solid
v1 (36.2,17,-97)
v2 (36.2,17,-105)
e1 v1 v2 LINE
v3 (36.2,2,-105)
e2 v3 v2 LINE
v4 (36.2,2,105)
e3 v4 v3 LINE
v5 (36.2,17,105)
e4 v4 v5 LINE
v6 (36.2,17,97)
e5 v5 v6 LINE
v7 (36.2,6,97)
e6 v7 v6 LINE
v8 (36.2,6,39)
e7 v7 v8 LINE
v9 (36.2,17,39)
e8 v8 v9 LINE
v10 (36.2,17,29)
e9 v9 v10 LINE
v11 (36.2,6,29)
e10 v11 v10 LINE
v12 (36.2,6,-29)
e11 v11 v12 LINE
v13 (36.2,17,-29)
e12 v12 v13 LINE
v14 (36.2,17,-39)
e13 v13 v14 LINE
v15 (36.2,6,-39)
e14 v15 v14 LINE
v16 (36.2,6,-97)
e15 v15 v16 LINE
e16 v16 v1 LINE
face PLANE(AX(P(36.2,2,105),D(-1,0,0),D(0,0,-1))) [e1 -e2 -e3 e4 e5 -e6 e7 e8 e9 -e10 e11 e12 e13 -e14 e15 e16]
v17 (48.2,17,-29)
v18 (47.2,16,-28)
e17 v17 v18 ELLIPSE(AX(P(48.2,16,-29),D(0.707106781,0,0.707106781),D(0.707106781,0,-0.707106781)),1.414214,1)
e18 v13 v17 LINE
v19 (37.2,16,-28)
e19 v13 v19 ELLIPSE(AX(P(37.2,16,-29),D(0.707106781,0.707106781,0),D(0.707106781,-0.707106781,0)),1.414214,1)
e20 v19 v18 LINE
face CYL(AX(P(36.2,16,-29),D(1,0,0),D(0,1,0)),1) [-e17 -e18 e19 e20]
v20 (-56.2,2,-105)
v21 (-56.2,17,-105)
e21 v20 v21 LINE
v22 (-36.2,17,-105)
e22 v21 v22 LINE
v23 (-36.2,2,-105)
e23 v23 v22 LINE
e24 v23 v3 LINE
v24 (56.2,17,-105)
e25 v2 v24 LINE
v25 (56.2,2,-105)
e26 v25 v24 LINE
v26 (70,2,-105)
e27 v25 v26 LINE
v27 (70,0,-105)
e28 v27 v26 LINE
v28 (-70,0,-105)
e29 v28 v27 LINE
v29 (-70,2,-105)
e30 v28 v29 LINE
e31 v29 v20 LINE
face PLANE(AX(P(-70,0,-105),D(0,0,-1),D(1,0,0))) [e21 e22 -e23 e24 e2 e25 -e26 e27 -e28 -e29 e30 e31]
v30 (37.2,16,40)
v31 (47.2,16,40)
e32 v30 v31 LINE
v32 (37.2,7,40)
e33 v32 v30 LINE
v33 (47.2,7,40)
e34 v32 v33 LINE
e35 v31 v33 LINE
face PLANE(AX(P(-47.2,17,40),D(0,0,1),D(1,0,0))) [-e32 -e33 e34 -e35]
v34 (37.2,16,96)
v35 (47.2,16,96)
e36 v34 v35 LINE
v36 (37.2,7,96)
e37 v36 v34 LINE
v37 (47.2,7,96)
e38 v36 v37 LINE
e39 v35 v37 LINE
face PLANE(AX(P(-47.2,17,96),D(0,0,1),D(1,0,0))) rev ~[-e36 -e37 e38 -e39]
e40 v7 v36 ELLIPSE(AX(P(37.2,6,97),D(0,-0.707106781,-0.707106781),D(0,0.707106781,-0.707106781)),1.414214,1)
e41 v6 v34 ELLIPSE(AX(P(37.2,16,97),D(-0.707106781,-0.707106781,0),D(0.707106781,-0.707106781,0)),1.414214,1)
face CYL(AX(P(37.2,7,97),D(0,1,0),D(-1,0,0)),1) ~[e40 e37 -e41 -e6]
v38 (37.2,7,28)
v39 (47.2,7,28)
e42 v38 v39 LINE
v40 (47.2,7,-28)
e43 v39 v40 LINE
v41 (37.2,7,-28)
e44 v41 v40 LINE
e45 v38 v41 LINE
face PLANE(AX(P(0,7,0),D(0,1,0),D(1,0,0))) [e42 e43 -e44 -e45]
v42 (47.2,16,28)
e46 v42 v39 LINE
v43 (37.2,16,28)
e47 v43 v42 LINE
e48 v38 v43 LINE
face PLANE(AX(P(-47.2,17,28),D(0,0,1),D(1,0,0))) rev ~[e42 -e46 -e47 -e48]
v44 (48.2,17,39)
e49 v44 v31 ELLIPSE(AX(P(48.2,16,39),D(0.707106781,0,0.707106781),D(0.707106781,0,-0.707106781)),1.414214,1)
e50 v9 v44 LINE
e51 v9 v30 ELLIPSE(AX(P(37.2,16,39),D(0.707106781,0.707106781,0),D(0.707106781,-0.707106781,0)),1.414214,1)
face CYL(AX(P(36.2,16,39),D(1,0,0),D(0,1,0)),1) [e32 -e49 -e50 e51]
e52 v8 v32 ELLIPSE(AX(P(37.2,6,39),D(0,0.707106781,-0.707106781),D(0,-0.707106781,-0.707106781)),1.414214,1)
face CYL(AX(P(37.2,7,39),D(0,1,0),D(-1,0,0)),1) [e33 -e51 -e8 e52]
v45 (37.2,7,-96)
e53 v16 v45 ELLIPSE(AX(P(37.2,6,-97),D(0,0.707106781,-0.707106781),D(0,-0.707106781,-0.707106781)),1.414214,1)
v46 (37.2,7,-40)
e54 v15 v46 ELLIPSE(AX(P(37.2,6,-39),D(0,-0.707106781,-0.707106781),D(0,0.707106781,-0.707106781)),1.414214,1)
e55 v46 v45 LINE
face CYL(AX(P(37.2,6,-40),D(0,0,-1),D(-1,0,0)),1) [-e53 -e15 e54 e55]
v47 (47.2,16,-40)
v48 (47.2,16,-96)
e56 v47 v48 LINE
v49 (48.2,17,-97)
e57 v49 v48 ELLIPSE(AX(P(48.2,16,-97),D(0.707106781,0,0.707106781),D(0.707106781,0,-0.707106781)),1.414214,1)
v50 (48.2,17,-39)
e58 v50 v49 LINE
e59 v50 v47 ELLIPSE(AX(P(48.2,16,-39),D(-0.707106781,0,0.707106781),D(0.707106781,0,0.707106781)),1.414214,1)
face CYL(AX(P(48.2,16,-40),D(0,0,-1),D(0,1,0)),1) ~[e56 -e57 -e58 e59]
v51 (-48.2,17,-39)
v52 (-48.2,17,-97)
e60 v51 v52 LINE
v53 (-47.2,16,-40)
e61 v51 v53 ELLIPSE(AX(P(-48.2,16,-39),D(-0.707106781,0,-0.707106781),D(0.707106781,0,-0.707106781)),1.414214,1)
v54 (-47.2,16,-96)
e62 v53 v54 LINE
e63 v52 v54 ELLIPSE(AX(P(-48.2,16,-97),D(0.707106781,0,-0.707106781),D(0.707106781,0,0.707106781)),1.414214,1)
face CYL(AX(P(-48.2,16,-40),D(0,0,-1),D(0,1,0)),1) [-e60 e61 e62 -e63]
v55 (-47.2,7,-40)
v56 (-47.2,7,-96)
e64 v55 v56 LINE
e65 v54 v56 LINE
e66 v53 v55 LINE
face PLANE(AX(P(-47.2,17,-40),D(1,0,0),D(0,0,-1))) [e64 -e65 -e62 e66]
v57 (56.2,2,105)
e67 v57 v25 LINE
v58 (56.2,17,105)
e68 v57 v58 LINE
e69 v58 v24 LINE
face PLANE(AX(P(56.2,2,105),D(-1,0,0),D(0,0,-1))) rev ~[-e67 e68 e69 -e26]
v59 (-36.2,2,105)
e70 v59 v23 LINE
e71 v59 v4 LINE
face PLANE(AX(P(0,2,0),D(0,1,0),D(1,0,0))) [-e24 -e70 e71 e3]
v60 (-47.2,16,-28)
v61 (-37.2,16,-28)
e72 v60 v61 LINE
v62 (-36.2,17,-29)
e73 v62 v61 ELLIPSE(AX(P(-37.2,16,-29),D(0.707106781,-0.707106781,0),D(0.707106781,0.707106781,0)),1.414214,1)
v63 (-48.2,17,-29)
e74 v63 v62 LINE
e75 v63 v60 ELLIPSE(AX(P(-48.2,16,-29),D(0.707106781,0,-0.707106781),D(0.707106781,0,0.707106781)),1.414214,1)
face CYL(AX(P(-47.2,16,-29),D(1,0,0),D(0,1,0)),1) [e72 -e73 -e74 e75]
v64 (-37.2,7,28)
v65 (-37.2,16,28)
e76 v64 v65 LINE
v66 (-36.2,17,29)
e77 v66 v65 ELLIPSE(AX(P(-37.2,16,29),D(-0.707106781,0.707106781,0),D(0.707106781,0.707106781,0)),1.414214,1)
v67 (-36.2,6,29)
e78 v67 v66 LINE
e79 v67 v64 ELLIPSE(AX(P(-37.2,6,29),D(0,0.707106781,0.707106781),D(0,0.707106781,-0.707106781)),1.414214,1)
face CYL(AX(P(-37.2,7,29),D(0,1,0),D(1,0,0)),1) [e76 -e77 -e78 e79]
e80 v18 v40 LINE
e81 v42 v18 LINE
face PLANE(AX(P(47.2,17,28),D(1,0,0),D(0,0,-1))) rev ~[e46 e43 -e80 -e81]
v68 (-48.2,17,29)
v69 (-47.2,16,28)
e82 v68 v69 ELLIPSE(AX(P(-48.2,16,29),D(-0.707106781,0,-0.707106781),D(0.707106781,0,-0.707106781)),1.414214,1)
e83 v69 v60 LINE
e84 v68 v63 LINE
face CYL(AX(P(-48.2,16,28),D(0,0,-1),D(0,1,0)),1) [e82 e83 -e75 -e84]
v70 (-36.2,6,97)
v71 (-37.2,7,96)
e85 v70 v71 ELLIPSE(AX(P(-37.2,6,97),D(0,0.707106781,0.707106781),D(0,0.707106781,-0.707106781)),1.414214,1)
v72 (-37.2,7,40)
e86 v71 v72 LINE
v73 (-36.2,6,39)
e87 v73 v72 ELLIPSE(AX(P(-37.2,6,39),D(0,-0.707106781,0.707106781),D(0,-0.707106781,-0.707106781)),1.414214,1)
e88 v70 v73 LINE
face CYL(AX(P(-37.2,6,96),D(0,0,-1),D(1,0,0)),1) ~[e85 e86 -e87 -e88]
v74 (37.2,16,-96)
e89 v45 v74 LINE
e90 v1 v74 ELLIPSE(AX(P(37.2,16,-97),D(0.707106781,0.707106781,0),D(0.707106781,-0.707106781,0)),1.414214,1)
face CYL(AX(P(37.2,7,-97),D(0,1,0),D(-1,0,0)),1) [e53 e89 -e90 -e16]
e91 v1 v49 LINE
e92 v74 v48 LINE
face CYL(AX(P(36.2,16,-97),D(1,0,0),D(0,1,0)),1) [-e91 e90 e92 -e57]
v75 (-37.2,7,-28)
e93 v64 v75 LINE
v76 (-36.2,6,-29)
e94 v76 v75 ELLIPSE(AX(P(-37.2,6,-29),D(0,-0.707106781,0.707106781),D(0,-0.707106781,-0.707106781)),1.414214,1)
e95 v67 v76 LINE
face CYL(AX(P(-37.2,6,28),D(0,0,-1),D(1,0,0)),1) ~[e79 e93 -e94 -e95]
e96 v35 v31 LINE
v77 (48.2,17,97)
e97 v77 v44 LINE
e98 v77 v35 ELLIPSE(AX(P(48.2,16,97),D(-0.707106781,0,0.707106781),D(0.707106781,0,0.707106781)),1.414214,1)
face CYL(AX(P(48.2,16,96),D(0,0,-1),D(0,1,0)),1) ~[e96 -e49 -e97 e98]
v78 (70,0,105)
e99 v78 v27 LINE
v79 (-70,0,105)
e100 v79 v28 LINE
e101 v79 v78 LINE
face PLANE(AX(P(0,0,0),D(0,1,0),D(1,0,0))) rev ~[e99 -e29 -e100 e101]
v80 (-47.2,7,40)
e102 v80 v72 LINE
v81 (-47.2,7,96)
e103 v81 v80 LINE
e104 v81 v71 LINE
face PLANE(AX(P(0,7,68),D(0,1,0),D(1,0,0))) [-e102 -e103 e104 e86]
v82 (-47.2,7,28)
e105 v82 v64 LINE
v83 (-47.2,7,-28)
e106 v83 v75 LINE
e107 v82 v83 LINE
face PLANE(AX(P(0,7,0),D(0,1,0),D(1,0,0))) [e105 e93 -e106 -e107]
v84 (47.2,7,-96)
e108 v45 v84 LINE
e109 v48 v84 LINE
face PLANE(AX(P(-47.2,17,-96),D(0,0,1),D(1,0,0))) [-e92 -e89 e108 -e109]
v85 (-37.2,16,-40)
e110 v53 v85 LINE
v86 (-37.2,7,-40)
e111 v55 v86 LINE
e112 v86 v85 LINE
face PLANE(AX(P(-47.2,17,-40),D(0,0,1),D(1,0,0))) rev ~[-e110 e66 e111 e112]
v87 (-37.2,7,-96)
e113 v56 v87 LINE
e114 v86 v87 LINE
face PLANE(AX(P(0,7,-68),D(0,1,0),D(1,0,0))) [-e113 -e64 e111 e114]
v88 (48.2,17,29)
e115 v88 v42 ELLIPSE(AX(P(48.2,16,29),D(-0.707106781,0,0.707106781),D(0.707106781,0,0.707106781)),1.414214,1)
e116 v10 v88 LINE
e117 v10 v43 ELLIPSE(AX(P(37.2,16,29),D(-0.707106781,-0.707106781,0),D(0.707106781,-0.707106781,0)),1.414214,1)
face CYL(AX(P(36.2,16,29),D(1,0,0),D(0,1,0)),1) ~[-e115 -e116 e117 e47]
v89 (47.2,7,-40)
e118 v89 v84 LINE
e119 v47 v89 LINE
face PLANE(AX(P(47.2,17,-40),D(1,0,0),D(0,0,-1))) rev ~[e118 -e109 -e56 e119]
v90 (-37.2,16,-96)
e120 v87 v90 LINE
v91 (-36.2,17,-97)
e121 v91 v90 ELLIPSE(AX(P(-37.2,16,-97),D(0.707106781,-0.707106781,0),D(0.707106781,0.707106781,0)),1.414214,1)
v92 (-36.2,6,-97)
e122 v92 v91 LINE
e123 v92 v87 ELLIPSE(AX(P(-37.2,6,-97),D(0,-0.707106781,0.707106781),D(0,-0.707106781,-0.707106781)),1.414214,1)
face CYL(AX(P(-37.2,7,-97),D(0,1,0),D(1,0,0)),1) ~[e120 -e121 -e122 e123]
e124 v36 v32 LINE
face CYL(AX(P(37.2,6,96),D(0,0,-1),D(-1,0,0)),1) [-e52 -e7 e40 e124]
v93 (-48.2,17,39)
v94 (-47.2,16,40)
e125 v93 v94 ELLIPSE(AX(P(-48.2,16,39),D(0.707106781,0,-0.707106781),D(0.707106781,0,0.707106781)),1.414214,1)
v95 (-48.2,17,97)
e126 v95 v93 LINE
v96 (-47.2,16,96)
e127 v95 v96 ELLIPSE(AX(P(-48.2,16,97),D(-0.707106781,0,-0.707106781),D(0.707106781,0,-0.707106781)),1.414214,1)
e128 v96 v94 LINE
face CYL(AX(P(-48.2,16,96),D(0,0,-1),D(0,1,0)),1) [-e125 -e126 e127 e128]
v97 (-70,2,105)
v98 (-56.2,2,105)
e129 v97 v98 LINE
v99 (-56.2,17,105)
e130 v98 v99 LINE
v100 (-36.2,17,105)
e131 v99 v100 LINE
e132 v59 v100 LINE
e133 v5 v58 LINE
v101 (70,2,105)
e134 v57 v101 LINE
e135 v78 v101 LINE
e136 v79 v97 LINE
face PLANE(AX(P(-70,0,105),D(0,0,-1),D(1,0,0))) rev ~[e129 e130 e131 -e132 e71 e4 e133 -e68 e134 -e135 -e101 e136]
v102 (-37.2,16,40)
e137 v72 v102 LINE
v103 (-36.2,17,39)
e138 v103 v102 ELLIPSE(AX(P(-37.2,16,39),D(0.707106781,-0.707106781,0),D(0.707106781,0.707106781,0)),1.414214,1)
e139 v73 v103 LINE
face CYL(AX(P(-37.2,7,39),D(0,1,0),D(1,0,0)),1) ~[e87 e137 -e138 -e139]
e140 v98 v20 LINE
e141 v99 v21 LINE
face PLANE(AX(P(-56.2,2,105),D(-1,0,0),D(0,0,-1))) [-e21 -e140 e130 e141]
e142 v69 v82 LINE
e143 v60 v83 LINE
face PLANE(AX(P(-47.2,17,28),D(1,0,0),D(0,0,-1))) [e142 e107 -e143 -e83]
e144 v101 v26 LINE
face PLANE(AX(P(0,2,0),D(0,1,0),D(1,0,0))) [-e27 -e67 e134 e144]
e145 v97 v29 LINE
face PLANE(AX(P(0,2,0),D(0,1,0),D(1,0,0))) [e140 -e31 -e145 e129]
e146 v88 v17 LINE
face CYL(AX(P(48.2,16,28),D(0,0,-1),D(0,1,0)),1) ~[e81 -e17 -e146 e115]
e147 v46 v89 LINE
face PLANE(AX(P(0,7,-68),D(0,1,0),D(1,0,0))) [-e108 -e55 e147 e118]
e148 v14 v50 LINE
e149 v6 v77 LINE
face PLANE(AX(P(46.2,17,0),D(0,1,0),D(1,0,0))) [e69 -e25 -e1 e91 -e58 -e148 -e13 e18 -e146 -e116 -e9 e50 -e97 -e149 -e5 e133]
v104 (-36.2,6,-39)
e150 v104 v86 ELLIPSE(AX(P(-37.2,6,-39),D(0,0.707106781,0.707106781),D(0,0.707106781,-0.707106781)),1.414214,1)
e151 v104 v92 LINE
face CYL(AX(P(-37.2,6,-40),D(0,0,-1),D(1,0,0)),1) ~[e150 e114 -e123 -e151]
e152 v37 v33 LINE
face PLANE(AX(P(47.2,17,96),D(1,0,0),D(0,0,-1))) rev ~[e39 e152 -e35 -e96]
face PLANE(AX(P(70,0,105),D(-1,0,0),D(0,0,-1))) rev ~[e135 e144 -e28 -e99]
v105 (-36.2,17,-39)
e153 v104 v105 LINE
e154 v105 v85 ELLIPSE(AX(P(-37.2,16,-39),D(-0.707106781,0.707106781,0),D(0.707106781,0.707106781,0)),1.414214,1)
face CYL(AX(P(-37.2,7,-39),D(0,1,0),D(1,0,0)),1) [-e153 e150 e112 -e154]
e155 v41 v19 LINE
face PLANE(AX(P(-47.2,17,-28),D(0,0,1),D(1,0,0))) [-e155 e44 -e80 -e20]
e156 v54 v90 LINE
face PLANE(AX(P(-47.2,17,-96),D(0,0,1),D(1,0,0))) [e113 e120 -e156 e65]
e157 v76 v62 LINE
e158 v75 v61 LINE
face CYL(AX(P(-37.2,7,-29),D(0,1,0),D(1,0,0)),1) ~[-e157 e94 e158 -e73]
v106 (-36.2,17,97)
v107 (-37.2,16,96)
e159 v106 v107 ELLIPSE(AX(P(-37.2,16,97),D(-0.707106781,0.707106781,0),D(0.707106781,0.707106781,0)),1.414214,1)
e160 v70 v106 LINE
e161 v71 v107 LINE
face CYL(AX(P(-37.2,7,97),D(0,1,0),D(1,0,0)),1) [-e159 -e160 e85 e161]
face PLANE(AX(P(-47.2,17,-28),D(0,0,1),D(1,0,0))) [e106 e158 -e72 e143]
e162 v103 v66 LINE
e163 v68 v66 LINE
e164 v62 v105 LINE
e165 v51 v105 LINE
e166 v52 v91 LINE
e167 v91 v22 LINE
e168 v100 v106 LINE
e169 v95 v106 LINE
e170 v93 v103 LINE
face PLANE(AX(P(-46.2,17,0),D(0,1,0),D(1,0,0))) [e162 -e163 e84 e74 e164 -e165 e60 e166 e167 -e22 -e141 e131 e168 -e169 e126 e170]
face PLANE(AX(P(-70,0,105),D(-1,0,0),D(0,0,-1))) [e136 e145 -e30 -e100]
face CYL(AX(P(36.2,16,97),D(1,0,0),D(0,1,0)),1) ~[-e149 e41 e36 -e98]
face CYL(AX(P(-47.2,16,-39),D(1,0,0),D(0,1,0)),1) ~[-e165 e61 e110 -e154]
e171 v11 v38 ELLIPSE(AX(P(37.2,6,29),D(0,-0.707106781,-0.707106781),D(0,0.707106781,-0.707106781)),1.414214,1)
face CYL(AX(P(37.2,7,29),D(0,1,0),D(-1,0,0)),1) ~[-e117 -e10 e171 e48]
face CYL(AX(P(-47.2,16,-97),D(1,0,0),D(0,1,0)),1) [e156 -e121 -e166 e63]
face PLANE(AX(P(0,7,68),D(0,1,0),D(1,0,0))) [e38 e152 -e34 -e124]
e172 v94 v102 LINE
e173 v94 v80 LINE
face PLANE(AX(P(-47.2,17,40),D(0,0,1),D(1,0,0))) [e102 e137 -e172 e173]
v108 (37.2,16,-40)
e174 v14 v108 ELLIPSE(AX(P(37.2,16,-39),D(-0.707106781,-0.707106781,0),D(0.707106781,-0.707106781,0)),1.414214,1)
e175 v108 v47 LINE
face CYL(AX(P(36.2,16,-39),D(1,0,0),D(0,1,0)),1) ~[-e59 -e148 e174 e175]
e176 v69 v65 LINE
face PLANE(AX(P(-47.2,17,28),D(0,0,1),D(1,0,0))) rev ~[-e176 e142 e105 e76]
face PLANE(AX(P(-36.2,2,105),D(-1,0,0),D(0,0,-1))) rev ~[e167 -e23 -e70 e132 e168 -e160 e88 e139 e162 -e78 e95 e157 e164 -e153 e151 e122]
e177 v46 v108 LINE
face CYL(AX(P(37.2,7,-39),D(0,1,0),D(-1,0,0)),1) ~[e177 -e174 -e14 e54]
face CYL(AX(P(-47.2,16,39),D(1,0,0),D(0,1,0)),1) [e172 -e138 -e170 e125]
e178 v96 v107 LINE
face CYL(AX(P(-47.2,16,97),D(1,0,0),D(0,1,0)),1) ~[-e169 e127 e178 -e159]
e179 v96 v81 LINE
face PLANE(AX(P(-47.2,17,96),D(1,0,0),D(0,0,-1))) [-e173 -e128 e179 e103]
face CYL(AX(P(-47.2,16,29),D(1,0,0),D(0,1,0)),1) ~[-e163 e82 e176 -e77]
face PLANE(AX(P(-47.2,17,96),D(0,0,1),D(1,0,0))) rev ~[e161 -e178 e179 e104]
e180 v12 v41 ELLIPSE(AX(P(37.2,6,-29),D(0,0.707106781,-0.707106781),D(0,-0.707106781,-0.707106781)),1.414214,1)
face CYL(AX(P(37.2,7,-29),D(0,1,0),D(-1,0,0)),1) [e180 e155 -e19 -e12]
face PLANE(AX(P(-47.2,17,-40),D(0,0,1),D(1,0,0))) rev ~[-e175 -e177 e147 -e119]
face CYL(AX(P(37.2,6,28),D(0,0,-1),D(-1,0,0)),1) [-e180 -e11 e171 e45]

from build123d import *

# Parameters (mm, degrees)
SKIZZE1_W                       = 140
SKIZZE1_H                       = 210
AUFSATZ_LINEAR_AUSTRAGEN1_DEPTH = 2
SKIZZE2_W                       = 20
SKIZZE2_H                       = 210
AUFSATZ_LINEAR_AUSTRAGEN2_DEPTH = 15
SKIZZE3_W                       = 94.4
SKIZZE3_H                       = 56
SCHNITT_LINEAR_AUSTRAGEN1_DEPTH = 10
VERRUNDUNG1_R                   = 1


with BuildPart() as part:
    # Skizze1 → Aufsatz-Linear austragen1 (new body)
    with BuildSketch(Plane(origin=(0, 0, 0), x_dir=(1, 0, 0), z_dir=(0, 1, 0))):
        Rectangle(SKIZZE1_W, SKIZZE1_H)
    extrude(amount=AUFSATZ_LINEAR_AUSTRAGEN1_DEPTH)

    # Skizze2 → Aufsatz-Linear austragen2 (add)
    with BuildSketch(Plane(origin=(0, 2, 0), x_dir=(1, 0, 0), z_dir=(0, 1, 0))):
        with Locations((-46.2, 0)):
            Rectangle(SKIZZE2_W, SKIZZE2_H)
        with Locations((46.2, 0)):
            Rectangle(SKIZZE2_W, SKIZZE2_H)
    extrude(amount=AUFSATZ_LINEAR_AUSTRAGEN2_DEPTH)

    # Skizze3 → Schnitt-Linear austragen1 (cut)
    with BuildSketch(Plane(origin=(0, 17, 0), x_dir=(1, 0, 0), z_dir=(0, 1, 0))):
        Rectangle(SKIZZE3_W, SKIZZE3_H)
        with Locations((0, -68)):
            Rectangle(SKIZZE3_W, SKIZZE3_H)
        with Locations((0, 68)):
            Rectangle(SKIZZE3_W, SKIZZE3_H)
    extrude(amount=-SCHNITT_LINEAR_AUSTRAGEN1_DEPTH, mode=Mode.SUBTRACT)

    # Verrundung1
    verrundung1_edges = [part.edges().sort_by_distance(p)[0] for p in [
        (41.7, 17, 28),
        (41.7, 17, -40),
        (41.7, 17, 96),
        (36.2, 7, 0),
        (36.2, 7, -68),
        (36.2, 7, 68),
        (-36.2, 7, 68),
        (-41.7, 17, 40),
        (-47.2, 17, 68),
        (-41.7, 17, 96),
        (47.2, 17, 68),
        (41.7, 17, 40),
        (-36.2, 12, 96),
        (36.2, 12, 96),
        (-36.2, 12, 40),
        (36.2, 12, 40),
        (-36.2, 7, -68),
        (-41.7, 17, -96),
        (-47.2, 17, -68),
        (-41.7, 17, -40),
        (47.2, 17, -68),
        (41.7, 17, -96),
        (-36.2, 12, -40),
        (36.2, 12, -40),
        (-36.2, 12, -96),
        (36.2, 12, -96),
        (-36.2, 7, 0),
        (-41.7, 17, -28),
        (-47.2, 17, 0),
        (-41.7, 17, 28),
        (47.2, 17, 0),
        (41.7, 17, -28),
        (-36.2, 12, 28),
        (36.2, 12, 28),
        (-36.2, 12, -28),
        (36.2, 12, -28),
    ]]
    fillet(verrundung1_edges, radius=VERRUNDUNG1_R)


solid = part.part
